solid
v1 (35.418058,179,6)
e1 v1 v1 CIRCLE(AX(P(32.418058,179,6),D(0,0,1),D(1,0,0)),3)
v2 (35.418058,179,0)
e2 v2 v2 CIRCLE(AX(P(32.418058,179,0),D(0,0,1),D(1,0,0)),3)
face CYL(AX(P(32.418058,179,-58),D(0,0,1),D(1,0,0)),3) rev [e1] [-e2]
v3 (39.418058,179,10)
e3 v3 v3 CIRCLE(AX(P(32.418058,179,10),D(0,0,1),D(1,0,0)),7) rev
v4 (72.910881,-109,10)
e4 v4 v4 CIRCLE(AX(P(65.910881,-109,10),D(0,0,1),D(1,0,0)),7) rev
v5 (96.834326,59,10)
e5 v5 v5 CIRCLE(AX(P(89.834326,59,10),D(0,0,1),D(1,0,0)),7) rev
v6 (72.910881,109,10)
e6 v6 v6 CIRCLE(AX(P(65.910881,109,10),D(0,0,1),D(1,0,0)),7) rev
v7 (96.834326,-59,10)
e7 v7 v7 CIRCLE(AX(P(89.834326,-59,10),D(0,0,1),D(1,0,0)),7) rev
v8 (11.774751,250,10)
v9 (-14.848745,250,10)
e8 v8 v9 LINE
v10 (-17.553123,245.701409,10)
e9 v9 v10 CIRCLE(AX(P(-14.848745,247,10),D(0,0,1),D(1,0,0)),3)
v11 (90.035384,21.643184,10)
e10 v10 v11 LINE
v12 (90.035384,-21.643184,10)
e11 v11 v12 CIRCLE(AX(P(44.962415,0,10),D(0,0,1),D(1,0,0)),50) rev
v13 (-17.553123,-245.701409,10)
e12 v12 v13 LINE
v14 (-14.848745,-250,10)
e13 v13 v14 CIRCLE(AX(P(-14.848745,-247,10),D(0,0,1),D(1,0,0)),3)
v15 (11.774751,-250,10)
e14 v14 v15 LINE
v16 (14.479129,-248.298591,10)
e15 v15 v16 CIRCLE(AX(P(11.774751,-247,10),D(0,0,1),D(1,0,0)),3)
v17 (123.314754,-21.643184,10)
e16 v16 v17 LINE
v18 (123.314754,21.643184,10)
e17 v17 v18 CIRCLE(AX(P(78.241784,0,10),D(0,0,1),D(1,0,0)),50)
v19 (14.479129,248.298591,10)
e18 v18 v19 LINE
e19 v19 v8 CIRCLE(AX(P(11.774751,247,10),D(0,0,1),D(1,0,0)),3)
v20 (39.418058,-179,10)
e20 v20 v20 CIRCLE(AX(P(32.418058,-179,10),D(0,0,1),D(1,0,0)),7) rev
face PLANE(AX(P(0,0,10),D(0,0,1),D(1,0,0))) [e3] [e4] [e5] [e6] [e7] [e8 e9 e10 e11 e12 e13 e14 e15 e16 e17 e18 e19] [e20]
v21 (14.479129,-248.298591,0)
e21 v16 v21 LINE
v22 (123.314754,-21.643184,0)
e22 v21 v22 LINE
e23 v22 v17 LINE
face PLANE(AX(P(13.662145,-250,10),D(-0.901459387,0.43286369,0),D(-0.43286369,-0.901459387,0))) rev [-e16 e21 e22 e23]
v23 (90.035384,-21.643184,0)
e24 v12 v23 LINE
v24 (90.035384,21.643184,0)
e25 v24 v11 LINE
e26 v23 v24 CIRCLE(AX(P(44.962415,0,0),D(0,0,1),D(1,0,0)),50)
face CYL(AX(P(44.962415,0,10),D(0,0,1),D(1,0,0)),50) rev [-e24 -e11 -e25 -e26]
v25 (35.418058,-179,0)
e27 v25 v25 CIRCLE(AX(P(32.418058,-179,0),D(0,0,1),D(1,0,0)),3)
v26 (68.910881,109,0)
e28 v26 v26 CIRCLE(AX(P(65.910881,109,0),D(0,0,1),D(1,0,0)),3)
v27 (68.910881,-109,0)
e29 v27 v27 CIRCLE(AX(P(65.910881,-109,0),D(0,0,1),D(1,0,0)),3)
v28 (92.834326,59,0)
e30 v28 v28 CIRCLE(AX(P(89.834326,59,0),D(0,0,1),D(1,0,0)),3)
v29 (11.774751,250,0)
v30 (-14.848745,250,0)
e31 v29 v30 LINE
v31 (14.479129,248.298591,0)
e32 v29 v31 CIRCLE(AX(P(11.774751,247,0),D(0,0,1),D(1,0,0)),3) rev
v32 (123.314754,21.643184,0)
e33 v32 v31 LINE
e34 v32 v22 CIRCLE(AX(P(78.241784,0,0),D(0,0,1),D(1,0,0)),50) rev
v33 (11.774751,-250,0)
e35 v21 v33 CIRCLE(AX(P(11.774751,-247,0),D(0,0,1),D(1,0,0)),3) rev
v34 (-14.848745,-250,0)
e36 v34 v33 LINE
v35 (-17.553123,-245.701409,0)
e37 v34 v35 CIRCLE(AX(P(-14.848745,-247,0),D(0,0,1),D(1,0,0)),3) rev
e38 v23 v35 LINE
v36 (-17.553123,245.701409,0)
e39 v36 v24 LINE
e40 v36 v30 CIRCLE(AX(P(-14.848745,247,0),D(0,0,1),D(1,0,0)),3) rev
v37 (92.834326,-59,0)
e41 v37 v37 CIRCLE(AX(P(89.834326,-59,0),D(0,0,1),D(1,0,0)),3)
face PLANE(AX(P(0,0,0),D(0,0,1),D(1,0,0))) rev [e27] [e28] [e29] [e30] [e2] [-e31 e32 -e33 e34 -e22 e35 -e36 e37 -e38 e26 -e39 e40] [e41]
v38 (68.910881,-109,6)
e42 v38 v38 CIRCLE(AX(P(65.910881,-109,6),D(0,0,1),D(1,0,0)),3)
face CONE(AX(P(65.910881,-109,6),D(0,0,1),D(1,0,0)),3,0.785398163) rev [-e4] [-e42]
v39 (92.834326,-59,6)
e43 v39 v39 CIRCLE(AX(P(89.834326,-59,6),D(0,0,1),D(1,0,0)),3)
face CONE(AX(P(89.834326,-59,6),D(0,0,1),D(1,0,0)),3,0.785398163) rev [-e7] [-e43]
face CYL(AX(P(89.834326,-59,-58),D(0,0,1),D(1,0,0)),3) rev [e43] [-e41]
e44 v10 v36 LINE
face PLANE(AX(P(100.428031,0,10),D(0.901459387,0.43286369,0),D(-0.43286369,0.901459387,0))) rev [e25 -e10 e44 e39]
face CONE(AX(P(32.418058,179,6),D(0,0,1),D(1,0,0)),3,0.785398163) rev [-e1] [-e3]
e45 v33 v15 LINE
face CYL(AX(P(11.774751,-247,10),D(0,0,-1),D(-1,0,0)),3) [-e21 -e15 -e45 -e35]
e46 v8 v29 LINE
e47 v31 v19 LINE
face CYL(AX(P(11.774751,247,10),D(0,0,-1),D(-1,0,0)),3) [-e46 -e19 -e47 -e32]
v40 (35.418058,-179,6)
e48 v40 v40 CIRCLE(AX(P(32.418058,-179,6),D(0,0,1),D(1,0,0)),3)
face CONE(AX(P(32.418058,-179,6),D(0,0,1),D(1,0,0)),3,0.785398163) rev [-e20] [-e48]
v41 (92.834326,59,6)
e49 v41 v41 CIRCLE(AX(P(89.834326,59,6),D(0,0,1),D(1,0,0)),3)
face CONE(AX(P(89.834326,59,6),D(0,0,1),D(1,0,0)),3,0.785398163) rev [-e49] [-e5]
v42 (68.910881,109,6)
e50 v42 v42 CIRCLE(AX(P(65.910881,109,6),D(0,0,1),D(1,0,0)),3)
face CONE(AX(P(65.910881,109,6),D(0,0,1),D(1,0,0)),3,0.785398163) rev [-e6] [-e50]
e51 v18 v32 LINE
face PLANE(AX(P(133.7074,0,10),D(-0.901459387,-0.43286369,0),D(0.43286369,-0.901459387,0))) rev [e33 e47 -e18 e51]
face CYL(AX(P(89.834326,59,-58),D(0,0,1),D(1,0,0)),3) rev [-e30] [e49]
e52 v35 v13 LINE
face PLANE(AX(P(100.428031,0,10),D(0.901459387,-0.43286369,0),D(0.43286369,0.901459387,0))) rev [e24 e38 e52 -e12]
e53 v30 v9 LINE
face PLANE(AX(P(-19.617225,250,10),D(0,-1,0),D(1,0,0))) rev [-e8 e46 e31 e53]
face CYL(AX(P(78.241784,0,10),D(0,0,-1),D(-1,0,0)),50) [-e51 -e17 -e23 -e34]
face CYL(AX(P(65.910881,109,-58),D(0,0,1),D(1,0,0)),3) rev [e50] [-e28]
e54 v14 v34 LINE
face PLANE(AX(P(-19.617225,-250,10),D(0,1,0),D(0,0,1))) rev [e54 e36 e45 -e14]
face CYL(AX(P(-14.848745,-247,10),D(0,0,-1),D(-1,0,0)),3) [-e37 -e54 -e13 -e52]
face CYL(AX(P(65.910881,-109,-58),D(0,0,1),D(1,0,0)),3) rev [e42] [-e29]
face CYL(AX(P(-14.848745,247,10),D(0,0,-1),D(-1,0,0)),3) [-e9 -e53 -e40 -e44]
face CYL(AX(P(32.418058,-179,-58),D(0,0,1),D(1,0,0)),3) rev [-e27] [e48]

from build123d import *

# Parameters (mm, degrees)
Y_KSEKLIK_EKSTR_ZYON1_DEPTH = 10
RADYUS1_R                   = 3
RADYUS2_R                   = 50
IZIM2_R                     = 3
KES_EKSTR_ZYON1_DEPTH       = 68
PAH1_SIZE                   = 4


with BuildPart() as part:
    # Çizim1 → Yükseklik-Ekstrüzyon1 (new body)
    with BuildSketch(Plane.XY):
        Polygon((100.428030576, 0), (-19.61722488, 250), (13.66214459, 250), (133.707400046, 0), (13.66214459, -250), (-19.61722488, -250), align=None)
    extrude(amount=Y_KSEKLIK_EKSTR_ZYON1_DEPTH)

    # Radyus1
    radyus1_edges = [part.edges().sort_by_distance(p)[0] for p in [
        (13.66214459, 250, 5),
        (13.66214459, -250, 5),
        (-19.61722488, -250, 5),
        (-19.61722488, 250, 5),
    ]]
    fillet(radyus1_edges, radius=RADYUS1_R)

    # Radyus2
    radyus2_edges = [part.edges().sort_by_distance(p)[0] for p in [
        (133.707400046, 0, 5),
        (100.428030576, 0, 5),
    ]]
    fillet(radyus2_edges, radius=RADYUS2_R)

    # Çizim2 → Kes-Ekstrüzyon1 (cut)
    with BuildSketch(Plane.XY.offset(10)):
        with Locations((32.418057802, -179)):
            Circle(IZIM2_R)
        with Locations((65.910880768, -109)):
            Circle(IZIM2_R)
        with Locations((89.834325744, -59)):
            Circle(IZIM2_R)
        with Locations((65.910880768, 109)):
            Circle(IZIM2_R)
        with Locations((89.834325744, 59)):
            Circle(IZIM2_R)
        with Locations((32.418057802, 179)):
            Circle(IZIM2_R)
    extrude(amount=-KES_EKSTR_ZYON1_DEPTH, mode=Mode.SUBTRACT)

    # Pah1
    pah1_edges = [part.edges().sort_by_distance(p)[0] for p in [
        (29.418057802, -179, 10),
        (62.910880768, -109, 10),
        (86.834325744, -59, 10),
        (62.910880768, 109, 10),
        (86.834325744, 59, 10),
        (29.418057802, 179, 10),
    ]]
    chamfer(pah1_edges, length=PAH1_SIZE)


solid = part.part
